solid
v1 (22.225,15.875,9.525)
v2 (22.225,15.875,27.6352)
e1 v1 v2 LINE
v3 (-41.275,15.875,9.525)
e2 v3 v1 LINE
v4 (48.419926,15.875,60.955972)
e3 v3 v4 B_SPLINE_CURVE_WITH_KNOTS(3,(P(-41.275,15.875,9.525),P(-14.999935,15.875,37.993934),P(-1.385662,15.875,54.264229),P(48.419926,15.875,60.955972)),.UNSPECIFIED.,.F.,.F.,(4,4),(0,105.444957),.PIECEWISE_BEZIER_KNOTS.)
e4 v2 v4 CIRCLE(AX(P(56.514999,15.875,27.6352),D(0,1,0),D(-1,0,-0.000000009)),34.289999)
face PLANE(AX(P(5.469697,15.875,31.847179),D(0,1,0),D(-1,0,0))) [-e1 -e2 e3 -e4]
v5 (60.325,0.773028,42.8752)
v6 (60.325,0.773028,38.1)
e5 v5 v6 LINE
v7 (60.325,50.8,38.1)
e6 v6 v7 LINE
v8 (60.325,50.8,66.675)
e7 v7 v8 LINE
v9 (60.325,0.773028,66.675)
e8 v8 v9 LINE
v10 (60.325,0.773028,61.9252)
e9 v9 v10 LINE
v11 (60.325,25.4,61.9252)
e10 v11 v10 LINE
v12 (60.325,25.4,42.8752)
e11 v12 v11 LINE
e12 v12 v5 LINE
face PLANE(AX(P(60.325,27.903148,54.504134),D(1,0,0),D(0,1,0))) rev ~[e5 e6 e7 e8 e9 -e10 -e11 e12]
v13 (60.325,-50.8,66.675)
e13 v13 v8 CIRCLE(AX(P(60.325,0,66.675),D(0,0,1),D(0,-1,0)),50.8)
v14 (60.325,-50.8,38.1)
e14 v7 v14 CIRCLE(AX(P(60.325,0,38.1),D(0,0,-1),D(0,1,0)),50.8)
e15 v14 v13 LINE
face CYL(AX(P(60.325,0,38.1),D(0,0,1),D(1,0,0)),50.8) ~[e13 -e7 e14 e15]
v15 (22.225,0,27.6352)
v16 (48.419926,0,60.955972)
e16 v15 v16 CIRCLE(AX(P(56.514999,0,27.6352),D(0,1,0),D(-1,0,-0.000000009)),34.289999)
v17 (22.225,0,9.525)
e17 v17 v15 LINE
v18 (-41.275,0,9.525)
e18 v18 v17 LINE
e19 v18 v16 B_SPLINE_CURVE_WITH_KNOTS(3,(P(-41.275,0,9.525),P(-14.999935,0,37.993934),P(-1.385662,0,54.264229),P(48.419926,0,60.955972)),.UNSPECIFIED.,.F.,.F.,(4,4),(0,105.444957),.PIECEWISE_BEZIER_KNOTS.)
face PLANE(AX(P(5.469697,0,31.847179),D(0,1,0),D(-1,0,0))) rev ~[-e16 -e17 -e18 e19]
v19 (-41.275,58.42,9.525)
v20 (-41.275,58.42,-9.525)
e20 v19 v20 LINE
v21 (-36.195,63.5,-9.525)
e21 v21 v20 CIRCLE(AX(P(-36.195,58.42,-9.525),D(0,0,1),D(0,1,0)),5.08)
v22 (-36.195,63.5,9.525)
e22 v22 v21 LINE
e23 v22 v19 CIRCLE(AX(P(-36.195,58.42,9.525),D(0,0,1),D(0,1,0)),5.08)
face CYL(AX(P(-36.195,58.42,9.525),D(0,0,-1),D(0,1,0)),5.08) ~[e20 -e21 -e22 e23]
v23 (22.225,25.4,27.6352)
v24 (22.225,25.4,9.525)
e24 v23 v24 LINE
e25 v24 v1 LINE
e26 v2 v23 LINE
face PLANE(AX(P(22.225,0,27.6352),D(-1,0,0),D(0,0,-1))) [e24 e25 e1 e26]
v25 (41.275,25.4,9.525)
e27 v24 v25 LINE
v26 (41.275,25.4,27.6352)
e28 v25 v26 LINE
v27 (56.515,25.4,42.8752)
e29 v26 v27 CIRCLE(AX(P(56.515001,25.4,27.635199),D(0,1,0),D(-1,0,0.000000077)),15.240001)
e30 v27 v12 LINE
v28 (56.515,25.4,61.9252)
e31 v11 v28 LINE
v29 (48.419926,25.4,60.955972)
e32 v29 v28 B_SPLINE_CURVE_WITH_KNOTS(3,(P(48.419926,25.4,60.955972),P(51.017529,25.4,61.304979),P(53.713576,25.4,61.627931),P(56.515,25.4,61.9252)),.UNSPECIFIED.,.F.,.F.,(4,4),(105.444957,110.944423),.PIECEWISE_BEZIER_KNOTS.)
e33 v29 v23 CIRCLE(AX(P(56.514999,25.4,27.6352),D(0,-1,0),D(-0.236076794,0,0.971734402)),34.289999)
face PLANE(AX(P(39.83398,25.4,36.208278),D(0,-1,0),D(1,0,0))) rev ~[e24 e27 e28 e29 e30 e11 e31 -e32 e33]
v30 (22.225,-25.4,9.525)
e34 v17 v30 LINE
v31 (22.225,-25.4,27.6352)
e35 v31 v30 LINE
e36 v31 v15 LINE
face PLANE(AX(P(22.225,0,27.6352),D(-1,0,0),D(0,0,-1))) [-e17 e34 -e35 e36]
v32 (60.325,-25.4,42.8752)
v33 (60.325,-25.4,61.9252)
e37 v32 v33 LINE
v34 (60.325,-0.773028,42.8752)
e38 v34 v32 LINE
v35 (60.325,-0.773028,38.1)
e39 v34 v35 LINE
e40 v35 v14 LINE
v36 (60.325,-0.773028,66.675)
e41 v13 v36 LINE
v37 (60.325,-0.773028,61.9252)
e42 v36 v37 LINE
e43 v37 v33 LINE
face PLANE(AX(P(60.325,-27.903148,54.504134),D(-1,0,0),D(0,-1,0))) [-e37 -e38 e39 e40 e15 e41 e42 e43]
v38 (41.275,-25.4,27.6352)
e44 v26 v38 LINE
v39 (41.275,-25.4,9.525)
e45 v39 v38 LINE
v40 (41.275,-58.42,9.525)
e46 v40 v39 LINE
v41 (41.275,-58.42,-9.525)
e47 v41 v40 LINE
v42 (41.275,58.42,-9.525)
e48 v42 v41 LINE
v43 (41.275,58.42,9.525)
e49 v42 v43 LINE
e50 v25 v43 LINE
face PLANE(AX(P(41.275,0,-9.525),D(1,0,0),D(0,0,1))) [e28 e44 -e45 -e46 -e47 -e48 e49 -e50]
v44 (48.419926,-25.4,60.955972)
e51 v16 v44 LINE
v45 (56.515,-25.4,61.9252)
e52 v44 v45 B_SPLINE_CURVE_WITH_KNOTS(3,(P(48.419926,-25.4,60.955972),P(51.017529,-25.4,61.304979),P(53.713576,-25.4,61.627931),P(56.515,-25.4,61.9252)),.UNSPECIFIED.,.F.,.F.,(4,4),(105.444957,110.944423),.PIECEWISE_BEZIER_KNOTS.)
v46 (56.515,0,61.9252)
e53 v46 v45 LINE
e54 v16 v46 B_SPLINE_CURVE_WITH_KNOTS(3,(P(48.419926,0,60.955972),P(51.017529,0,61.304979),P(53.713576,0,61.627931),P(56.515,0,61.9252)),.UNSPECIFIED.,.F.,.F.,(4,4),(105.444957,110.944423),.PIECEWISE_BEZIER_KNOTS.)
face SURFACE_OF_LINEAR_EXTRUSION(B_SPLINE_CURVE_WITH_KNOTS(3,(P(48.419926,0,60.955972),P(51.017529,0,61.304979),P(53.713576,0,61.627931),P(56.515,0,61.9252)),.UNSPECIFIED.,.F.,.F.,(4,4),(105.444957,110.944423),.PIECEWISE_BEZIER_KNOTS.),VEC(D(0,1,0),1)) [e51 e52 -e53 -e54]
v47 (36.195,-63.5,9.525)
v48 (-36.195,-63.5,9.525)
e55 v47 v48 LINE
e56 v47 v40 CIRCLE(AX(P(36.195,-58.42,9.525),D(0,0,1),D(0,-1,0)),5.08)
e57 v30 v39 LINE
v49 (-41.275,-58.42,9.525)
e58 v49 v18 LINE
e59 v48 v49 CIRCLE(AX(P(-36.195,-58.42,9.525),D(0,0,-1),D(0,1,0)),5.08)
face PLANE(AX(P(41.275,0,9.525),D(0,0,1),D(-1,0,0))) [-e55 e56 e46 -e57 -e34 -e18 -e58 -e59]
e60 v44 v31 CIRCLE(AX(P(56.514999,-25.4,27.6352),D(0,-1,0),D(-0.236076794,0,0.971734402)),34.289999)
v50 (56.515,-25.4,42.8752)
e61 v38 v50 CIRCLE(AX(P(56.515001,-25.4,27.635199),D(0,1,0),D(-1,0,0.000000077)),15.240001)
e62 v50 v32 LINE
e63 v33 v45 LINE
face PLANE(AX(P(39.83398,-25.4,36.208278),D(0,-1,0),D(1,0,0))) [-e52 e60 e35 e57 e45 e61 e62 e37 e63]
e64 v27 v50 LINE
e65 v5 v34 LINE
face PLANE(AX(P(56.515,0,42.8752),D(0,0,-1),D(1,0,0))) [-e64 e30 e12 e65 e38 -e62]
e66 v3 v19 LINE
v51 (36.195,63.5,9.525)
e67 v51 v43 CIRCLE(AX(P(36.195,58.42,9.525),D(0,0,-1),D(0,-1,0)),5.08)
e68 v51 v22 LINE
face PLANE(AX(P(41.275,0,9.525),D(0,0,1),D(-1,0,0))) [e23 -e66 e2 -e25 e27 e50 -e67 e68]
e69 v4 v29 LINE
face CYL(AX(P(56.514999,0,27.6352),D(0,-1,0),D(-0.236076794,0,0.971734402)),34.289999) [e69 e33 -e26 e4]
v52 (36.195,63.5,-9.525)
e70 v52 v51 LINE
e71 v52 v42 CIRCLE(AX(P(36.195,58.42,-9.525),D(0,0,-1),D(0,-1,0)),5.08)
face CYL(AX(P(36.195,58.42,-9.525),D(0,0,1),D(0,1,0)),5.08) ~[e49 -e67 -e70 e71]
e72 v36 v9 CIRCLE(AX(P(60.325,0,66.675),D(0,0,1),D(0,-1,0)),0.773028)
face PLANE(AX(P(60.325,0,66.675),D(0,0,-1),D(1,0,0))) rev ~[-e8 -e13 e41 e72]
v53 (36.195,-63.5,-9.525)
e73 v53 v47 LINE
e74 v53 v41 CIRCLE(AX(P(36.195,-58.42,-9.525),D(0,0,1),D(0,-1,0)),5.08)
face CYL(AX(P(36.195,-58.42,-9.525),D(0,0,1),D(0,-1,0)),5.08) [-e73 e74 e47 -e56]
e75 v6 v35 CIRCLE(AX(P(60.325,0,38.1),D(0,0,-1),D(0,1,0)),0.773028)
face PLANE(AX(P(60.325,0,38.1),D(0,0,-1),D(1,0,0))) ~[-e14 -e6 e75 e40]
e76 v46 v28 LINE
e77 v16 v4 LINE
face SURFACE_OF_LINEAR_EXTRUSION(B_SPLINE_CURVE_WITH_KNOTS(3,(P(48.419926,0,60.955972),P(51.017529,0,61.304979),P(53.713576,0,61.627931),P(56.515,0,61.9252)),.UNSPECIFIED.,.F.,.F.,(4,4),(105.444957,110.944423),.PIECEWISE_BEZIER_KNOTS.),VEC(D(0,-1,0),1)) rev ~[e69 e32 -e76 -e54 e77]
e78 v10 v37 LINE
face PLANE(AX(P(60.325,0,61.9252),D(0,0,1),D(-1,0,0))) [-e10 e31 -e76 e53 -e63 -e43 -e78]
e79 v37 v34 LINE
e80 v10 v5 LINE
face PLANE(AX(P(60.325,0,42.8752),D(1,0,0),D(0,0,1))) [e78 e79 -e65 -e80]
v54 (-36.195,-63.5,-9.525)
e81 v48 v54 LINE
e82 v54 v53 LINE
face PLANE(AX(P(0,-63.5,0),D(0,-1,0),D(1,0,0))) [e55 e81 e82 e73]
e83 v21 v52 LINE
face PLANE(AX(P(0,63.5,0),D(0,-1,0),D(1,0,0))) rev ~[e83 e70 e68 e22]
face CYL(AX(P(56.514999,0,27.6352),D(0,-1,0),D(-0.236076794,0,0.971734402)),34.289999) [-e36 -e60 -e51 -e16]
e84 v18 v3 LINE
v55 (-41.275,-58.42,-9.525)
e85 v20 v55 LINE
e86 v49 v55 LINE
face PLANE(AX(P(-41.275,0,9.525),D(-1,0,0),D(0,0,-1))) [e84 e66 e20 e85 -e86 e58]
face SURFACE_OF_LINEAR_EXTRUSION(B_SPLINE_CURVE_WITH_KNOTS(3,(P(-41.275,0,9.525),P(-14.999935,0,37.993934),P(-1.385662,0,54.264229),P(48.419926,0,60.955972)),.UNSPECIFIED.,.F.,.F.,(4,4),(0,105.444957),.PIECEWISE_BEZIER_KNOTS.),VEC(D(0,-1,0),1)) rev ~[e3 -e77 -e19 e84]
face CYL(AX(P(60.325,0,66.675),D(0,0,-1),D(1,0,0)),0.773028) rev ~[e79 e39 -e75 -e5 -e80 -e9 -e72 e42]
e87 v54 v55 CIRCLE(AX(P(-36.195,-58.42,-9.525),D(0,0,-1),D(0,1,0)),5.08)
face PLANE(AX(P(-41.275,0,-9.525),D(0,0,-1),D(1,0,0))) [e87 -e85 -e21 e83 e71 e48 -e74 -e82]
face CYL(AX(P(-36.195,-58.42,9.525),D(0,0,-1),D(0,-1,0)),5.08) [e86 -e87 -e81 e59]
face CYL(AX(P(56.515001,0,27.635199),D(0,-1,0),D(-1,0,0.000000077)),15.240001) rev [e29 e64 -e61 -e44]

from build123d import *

# Parameters (mm, degrees)
F1_DEPTH = 63.5
F2_DEPTH = 25.4
F3_DEPTH = 15.875
F4_ANGLE = 180
F5_R     = 5.08


with BuildPart() as f1:
    # F0 (on Front) → F1 (new body, symmetric)
    with BuildSketch(Plane.XZ):
        Polygon((22.225, 9.525), (-41.275, 9.525), (-41.275, -9.525), (41.275, -9.525), (41.275, 9.525), align=None)
    extrude(amount=F1_DEPTH, both=True)

    # F0 (on Front) → F2 (join, symmetric)
    with BuildSketch(Plane.XZ):
        with BuildLine():
            Line((22.225, 27.6352), (22.225, 9.525))
            Line((22.225, 9.525), (41.275, 9.525))
            Line((41.275, 9.525), (41.275, 27.6352))
            ThreePointArc((41.275, 27.6352), (45.738693, 38.411507), (56.515, 42.8752))
            Line((56.515, 42.8752), (60.325, 42.8752))
            Line((60.325, 42.8752), (60.325, 61.9252))
            Line((60.325, 61.9252), (56.515, 61.9252))
            add(Edge.make_bspline(
                [(48.419926, 60.955972), (51.017529, 61.304979), (53.713576, 61.627931), (56.515, 61.9252)],
                knots=[105.444957, 105.444957, 105.444957, 105.444957, 110.944423, 110.944423, 110.944423, 110.944423], degree=3))
            ThreePointArc((48.419926, 60.955972), (29.557773, 48.827463), (22.225, 27.6352))
        make_face()
    extrude(amount=F2_DEPTH, both=True)

    # F0 (on Front) → F3 (join)
    with BuildSketch(Plane.XZ):
        with BuildLine():
            add(Edge.make_bspline(
                [(-41.275, 9.525), (-14.999935, 37.993934), (-1.385662, 54.264229), (48.419926, 60.955972)],
                knots=[0, 0, 0, 0, 105.444957, 105.444957, 105.444957, 105.444957], degree=3))
            Line((-41.275, 9.525), (22.225, 9.525))
            Line((22.225, 9.525), (22.225, 27.6352))
            ThreePointArc((22.225, 27.6352), (29.557773, 48.827463), (48.419926, 60.955972))
        make_face()
    extrude(amount=-F3_DEPTH)

    # F0 (on Front) → F4 (revolve, symmetric)
    with BuildSketch(Plane.XZ) as f4_sk:
        Polygon((61.098028, 66.675), (61.098028, 61.9252), (75.06405, 61.9252), (75.06405, 38.1), (111.125, 38.1), (111.125, 66.675), align=None)
        Polygon((75.06405, 61.9252), (61.098028, 61.9252), (61.098028, 42.8752), (61.098028, 38.1), (75.06405, 38.1), align=None)
    revolve(axis=Axis((60.325, 0, 52.3875), (0, 0, 1)), revolution_arc=F4_ANGLE / 2)
    revolve(f4_sk.sketch, axis=Axis((60.325, 0, 52.3875), (0, 0, -1)), revolution_arc=F4_ANGLE / 2)

    # F5
    f5_edges = [f1.edges().sort_by_distance(p)[0] for p in [
        (41.275, -63.5, 0),
        (-41.275, -63.5, 0),
        (-41.275, 63.5, 0),
        (41.275, 63.5, 0),
    ]]
    fillet(f5_edges, radius=F5_R)


solid = f1.part
